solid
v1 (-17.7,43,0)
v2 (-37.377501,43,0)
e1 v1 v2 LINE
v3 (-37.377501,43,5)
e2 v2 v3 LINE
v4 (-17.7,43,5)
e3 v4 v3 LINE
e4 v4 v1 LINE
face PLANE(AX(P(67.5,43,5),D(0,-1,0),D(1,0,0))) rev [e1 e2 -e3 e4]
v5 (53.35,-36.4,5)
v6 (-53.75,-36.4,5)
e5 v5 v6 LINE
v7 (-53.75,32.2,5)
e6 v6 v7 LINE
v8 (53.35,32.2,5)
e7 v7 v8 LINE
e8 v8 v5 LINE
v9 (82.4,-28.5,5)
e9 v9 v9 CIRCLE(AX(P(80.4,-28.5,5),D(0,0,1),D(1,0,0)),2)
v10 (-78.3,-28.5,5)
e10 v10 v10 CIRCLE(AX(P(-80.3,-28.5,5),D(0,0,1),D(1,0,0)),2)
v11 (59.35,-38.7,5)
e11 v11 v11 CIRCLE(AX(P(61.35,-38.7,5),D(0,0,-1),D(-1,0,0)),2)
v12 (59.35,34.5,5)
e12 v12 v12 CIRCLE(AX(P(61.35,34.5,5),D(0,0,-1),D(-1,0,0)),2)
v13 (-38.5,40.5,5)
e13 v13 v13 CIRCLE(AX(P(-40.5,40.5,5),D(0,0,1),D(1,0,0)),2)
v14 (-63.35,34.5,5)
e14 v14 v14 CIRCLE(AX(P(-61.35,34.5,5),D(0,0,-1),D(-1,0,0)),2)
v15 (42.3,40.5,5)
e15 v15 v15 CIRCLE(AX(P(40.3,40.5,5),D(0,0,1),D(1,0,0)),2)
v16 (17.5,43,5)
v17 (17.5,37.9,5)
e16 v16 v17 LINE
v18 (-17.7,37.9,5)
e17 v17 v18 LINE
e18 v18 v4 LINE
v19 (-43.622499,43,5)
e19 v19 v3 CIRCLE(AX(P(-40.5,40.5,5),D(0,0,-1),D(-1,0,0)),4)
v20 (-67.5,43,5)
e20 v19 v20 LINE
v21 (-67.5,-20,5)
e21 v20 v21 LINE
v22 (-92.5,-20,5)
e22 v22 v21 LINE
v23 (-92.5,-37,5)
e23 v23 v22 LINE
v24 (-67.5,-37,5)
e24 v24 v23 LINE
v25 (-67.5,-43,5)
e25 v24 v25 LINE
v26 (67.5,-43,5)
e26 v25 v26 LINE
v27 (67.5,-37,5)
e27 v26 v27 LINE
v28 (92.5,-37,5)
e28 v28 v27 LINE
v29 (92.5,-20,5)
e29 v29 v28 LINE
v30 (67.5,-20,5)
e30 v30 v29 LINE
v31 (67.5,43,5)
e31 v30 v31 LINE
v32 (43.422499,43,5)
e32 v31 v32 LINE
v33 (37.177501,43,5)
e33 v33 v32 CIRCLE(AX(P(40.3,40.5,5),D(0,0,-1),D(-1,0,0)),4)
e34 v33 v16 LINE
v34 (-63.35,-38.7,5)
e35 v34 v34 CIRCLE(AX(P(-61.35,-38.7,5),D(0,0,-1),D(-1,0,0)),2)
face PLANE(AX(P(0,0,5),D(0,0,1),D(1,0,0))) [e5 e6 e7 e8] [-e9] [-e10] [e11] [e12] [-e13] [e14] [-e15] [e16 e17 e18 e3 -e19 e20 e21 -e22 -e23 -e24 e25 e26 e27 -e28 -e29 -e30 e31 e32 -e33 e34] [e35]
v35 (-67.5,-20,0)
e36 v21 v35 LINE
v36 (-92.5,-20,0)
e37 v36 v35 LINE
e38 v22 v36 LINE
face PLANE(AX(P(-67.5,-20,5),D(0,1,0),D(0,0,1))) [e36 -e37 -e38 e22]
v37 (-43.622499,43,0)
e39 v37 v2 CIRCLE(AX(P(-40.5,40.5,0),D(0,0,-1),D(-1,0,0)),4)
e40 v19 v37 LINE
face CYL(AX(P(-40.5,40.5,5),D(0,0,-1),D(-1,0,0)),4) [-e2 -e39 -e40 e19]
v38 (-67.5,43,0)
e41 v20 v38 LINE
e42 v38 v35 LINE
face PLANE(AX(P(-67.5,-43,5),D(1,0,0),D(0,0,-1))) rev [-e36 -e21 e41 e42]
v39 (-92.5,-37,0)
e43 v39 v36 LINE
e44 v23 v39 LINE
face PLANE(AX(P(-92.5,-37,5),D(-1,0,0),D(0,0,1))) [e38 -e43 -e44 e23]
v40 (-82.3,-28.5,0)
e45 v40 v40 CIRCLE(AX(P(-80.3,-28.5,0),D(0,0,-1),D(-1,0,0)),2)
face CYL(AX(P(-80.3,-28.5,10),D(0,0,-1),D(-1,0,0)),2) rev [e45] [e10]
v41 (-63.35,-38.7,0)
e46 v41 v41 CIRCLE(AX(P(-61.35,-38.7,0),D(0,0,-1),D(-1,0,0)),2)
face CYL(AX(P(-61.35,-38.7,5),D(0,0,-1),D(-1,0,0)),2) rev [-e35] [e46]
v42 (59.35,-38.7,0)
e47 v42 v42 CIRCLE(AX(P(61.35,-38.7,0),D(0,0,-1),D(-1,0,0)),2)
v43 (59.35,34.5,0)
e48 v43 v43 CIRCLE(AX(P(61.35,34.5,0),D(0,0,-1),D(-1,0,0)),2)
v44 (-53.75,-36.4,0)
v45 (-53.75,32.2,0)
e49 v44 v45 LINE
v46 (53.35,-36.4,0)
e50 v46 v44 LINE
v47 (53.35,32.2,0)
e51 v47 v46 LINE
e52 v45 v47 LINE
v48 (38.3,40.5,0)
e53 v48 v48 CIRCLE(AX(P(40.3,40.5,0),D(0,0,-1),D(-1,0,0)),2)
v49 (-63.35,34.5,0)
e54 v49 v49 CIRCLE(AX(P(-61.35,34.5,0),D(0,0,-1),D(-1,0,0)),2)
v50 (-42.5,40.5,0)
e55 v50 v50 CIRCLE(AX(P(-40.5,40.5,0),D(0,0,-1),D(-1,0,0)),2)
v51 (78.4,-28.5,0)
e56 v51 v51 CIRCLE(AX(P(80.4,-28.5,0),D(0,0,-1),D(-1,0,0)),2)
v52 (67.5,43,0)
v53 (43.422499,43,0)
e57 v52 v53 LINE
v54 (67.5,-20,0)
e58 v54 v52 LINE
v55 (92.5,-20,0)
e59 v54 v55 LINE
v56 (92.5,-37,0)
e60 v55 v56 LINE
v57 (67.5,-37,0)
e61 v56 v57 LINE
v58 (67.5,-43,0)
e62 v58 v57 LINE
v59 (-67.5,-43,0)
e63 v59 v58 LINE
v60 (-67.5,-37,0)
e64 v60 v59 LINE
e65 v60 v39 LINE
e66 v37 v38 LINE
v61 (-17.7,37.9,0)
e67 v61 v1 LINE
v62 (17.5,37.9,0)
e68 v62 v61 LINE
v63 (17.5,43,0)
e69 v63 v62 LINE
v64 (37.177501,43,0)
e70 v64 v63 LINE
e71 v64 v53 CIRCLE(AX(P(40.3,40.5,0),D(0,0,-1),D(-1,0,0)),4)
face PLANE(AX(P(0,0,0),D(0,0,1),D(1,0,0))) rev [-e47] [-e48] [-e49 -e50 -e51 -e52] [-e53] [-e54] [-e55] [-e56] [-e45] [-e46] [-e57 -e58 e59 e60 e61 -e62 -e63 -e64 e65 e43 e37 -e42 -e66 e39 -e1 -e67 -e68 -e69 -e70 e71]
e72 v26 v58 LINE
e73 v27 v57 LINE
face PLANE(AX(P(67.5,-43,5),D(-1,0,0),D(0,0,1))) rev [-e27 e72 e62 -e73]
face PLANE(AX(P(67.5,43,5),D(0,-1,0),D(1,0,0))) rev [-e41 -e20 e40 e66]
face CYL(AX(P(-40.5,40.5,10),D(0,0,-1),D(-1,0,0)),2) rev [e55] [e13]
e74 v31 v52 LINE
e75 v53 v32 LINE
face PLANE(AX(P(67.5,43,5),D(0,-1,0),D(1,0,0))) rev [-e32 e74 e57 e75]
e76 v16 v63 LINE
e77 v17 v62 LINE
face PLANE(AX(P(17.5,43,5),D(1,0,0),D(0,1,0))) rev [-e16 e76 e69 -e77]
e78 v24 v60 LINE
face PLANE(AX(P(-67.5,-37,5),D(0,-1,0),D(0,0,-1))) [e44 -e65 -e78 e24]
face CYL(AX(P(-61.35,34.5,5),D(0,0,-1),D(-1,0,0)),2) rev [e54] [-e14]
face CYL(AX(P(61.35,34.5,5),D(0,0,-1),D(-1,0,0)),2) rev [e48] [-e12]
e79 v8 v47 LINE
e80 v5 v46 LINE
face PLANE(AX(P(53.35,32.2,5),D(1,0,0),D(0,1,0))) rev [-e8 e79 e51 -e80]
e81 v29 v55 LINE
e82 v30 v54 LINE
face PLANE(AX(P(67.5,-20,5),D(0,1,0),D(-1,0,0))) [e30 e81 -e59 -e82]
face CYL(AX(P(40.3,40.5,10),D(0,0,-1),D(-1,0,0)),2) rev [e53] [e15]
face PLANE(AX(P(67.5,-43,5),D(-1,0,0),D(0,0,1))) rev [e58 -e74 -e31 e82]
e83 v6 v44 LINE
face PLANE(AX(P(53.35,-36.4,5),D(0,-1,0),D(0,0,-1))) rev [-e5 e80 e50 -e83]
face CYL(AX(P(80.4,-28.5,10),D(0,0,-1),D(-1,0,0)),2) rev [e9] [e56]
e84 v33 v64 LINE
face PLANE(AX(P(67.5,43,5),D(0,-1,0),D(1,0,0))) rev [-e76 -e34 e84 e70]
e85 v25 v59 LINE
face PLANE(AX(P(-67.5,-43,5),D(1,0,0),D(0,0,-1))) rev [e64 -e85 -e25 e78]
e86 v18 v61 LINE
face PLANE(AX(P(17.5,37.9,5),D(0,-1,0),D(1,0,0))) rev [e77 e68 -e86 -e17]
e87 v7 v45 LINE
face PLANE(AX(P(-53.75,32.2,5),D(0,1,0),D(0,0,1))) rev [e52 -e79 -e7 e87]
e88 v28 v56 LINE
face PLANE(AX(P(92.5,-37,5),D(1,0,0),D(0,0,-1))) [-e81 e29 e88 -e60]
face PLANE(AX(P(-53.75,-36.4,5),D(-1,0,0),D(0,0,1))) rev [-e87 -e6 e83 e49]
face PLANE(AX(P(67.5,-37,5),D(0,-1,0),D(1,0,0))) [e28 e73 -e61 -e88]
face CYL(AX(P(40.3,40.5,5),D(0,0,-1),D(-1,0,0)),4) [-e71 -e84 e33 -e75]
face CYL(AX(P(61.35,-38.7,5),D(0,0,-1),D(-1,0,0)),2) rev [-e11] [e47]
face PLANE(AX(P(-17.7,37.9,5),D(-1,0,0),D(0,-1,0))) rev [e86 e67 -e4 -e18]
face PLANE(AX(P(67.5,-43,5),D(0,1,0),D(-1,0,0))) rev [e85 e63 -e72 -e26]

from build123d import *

# Parameters (mm, degrees)
SKETCH1_W           = 135
SKETCH1_H           = 86
BOSS_EXTRUDE1_DEPTH = 5
SKETCH2_W           = 35.2
SKETCH2_H           = 5.1
CUT_EXTRUDE1_DEPTH  = 5
SKETCH3_W           = 25
SKETCH3_H           = 17
BOSS_EXTRUDE2_DEPTH = 5
SKETCH4_W           = 107.1
SKETCH4_H           = 68.6
CUT_EXTRUDE2_DEPTH  = 5
SKETCH5_R           = 2
CUT_EXTRUDE3_DEPTH  = 10
SKETCH6_R           = 4
SKETCH6_R_2         = 2
BOSS_EXTRUDE3_DEPTH = 5
SKETCH7_R           = 2
CUT_EXTRUDE4_DEPTH  = 5


with BuildPart() as part:
    # Sketch1 → Boss-Extrude1 (new body)
    with BuildSketch(Plane.XY):
        Rectangle(SKETCH1_W, SKETCH1_H)
    extrude(amount=BOSS_EXTRUDE1_DEPTH)

    # Sketch2 → Cut-Extrude1 (cut)
    with BuildSketch(Plane(origin=(0, 0, 0), x_dir=(-1, 0, 0), z_dir=(0, 0, -1))):
        with Locations((0.1, 40.45)):
            Rectangle(SKETCH2_W, SKETCH2_H)
    extrude(amount=-CUT_EXTRUDE1_DEPTH, mode=Mode.SUBTRACT)

    # Sketch3 → Boss-Extrude2 (add)
    with BuildSketch(Plane(origin=(0, 0, 0), x_dir=(-1, 0, 0), z_dir=(0, 0, -1))):
        with Locations((80, -28.5)):
            Rectangle(SKETCH3_W, SKETCH3_H)
        with Locations((-80, -28.5)):
            Rectangle(SKETCH3_W, SKETCH3_H)
    extrude(amount=-BOSS_EXTRUDE2_DEPTH)

    # Sketch4 → Cut-Extrude2 (cut)
    with BuildSketch(Plane(origin=(0, 0, 0), x_dir=(-1, 0, 0), z_dir=(0, 0, -1))):
        with Locations((0.2, -2.1)):
            Rectangle(SKETCH4_W, SKETCH4_H)
    extrude(amount=-CUT_EXTRUDE2_DEPTH, mode=Mode.SUBTRACT)

    # Sketch5 → Cut-Extrude3 (cut)
    with BuildSketch(Plane(origin=(0, 0, 0), x_dir=(-1, 0, 0), z_dir=(0, 0, -1))):
        with Locations((-40.3, 40.5)):
            Circle(SKETCH5_R)
        with Locations((-80.4, -28.5)):
            Circle(SKETCH5_R)
        with Locations((80.3, -28.5)):
            Circle(SKETCH5_R)
        with Locations((40.5, 40.5)):
            Circle(SKETCH5_R)
    extrude(amount=-CUT_EXTRUDE3_DEPTH, mode=Mode.SUBTRACT)

    # Sketch6 → Boss-Extrude3 (add)
    with BuildSketch(Plane(origin=(0, 0, 0), x_dir=(-1, 0, 0), z_dir=(0, 0, -1))):
        with Locations((40.5, 40.5)):
            Circle(SKETCH6_R)
        with Locations((40.5, 40.5)):
            Circle(SKETCH6_R_2, mode=Mode.SUBTRACT)
        with Locations((-40.3, 40.5)):
            Circle(SKETCH6_R)
        with Locations((-40.3, 40.5)):
            Circle(SKETCH6_R_2, mode=Mode.SUBTRACT)
    extrude(amount=-BOSS_EXTRUDE3_DEPTH)

    # Sketch7 → Cut-Extrude4 (cut)
    with BuildSketch(Plane(origin=(0, 0, 0), x_dir=(-1, 0, 0), z_dir=(0, 0, -1))):
        with Locations((61.35, -38.7)):
            Circle(SKETCH7_R)
        with Locations((-61.35, -38.7)):
            Circle(SKETCH7_R)
        with Locations((-61.35, 34.5)):
            Circle(SKETCH7_R)
        with Locations((61.35, 34.5)):
            Circle(SKETCH7_R)
    extrude(amount=-CUT_EXTRUDE4_DEPTH, mode=Mode.SUBTRACT)


solid = part.part
